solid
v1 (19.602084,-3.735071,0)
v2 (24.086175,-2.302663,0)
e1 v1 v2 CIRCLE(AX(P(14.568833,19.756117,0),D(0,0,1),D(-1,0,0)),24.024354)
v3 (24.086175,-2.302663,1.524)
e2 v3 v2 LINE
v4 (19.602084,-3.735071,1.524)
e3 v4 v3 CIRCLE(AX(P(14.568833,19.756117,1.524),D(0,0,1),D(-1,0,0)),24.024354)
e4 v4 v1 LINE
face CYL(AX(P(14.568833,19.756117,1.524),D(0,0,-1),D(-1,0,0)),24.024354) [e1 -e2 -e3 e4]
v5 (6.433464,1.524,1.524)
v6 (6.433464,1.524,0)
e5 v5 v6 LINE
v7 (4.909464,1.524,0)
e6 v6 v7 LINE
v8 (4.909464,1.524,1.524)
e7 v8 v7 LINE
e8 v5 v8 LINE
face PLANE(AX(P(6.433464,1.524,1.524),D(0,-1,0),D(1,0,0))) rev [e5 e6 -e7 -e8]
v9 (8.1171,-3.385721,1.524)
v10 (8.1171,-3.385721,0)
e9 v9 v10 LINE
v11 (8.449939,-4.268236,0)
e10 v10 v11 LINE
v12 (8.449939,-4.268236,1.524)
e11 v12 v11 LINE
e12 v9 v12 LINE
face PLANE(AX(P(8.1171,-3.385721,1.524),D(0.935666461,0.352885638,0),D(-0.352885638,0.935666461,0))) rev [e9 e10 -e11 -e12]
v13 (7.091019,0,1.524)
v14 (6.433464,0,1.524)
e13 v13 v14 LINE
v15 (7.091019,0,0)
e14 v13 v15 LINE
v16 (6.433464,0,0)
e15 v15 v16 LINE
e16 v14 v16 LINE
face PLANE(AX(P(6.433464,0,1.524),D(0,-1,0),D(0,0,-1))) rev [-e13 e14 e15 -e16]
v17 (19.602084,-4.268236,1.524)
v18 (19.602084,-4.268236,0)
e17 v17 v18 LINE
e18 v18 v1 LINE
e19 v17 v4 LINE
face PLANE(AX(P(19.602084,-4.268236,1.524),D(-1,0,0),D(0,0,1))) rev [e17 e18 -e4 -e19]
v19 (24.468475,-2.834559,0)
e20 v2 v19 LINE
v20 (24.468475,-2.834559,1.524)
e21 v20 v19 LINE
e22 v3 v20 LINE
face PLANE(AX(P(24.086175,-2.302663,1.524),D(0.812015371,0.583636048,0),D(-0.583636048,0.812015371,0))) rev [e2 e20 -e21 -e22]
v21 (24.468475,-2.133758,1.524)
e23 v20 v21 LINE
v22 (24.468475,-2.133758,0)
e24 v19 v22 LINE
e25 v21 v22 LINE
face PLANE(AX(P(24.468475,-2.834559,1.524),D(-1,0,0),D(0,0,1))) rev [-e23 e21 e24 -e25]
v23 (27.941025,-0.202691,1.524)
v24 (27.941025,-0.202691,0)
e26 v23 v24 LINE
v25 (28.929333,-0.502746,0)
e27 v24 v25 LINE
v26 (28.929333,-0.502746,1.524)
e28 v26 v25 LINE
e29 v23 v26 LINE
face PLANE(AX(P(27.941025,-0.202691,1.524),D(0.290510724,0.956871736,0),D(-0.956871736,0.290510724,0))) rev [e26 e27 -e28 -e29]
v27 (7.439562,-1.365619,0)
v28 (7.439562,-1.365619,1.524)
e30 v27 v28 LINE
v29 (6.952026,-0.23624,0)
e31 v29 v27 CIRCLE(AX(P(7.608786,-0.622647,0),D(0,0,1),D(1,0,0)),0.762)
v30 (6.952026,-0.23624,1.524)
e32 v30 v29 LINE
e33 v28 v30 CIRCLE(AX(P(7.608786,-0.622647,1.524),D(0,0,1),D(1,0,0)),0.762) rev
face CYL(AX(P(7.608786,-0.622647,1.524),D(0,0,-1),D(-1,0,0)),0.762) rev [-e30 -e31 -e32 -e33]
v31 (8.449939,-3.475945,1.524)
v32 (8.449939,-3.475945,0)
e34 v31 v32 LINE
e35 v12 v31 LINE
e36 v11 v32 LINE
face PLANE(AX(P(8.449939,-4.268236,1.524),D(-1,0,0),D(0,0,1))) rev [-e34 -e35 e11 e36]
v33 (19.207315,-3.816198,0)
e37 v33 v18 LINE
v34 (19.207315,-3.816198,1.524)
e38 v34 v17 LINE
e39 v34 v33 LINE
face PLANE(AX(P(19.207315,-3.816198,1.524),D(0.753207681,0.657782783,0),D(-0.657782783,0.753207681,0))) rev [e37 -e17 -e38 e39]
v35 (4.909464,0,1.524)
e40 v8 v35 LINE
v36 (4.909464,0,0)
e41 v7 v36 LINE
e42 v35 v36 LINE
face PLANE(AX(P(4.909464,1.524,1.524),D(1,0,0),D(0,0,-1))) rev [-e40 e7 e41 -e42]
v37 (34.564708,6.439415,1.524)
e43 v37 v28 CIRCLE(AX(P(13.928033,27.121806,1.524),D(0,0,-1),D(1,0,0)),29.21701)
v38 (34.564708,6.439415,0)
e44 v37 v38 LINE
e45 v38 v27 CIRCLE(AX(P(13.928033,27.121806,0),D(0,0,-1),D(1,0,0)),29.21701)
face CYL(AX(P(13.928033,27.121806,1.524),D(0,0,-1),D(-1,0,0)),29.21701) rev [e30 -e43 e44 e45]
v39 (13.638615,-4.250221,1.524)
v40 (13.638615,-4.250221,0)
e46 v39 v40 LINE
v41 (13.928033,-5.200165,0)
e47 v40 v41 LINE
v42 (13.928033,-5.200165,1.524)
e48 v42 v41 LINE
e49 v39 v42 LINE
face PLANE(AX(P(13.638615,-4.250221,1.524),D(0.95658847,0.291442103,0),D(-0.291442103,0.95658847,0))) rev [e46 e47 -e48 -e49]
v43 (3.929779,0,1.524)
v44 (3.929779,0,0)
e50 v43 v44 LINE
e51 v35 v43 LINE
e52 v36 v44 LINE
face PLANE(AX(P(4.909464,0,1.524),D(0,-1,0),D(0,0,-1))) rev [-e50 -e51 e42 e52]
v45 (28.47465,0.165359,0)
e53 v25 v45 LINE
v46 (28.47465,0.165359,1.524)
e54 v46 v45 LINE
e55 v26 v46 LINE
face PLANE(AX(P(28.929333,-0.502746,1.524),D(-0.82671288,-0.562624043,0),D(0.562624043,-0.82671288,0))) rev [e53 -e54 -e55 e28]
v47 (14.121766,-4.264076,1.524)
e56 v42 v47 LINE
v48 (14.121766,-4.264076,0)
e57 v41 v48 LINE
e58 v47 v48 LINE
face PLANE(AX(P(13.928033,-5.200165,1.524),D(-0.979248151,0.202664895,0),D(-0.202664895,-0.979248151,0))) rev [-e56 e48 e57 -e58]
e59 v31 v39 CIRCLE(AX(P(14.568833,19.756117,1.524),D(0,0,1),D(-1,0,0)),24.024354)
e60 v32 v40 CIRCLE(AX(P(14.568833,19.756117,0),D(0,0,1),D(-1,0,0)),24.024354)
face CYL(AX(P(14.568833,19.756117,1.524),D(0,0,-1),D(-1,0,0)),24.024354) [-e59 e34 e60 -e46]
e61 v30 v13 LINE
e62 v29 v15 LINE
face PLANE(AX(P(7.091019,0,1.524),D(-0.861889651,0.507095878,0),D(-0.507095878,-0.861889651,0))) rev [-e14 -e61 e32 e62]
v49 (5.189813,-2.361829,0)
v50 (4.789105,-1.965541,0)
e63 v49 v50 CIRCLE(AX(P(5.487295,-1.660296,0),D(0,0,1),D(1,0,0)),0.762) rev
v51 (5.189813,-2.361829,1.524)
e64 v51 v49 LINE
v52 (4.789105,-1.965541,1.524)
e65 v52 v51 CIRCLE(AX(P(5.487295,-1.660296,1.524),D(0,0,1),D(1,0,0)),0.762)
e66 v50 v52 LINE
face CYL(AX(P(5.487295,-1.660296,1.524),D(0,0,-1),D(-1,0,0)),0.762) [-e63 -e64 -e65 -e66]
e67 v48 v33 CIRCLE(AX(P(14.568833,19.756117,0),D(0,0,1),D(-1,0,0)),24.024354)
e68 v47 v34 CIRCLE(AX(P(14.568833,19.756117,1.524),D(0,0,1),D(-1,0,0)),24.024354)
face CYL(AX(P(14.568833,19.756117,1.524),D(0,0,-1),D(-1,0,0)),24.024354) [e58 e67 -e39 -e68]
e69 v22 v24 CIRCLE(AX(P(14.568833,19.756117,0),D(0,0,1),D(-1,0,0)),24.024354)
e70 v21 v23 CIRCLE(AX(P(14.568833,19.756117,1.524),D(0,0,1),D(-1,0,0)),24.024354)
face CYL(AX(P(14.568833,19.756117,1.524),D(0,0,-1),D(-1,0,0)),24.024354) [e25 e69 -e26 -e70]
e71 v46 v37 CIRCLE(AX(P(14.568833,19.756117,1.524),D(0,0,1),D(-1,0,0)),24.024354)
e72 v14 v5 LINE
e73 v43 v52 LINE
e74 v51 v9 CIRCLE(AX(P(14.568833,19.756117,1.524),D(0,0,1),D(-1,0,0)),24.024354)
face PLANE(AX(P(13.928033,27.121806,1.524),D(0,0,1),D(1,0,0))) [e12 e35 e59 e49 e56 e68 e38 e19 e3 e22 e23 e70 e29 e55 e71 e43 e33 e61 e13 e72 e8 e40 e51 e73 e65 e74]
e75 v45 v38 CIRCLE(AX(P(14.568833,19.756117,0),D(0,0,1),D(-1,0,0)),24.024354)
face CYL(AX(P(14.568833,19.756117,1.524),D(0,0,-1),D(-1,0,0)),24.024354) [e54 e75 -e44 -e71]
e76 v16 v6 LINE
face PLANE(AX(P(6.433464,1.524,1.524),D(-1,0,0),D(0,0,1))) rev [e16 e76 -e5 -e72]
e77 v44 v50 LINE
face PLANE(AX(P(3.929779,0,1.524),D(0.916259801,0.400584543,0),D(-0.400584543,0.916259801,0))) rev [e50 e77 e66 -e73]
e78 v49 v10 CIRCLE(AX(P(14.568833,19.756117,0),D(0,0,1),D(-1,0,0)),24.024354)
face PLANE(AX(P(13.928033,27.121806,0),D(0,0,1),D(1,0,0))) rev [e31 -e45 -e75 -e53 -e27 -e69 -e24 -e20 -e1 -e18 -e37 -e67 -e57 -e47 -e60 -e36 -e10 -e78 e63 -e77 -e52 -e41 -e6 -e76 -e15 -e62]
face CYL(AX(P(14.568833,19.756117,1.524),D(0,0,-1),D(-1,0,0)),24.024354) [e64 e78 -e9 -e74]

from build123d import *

# Parameters (mm, degrees)
BOSS_EXTRUDE1_DEPTH = 1.524
FILLET1_R           = 0.762
FILLET2_R           = 0.762


with BuildPart() as part:
    # Sketch1 → Boss-Extrude1 (new body)
    with BuildSketch(Plane.XY):
        with BuildLine():
            Line((6.433464338, 1.524), (4.909464338, 1.524))
            Line((4.909464338, 1.524), (4.909464338, 0))
            Line((4.909464338, 0), (3.929779176, 0))
            Line((3.929779176, 0), (4.909464338, -2.240840662))
            ThreePointArc((4.909464338, -2.240840662), (6.492968468, -2.870194257), (8.117099911, -3.385721496))
            Line((8.117099911, -3.385721496), (8.449939435, -4.268236242))
            Line((8.449939435, -4.268236242), (8.449939435, -3.47594469))
            ThreePointArc((8.449939435, -3.47594469), (11.023079362, -4.00513675), (13.638615108, -4.250220566))
            Line((13.638615108, -4.250220566), (13.928033002, -5.200165059))
            Line((13.928033002, -5.200165059), (14.121765671, -4.264076161))
            ThreePointArc((14.121765671, -4.264076161), (16.676471214, -4.175606926), (19.207315416, -3.816197909))
            Line((19.207315416, -3.816197909), (19.602084403, -4.268236242))
            Line((19.602084403, -4.268236242), (19.602084403, -3.735071341))
            ThreePointArc((19.602084403, -3.735071341), (21.879297331, -3.128958074), (24.086174716, -2.302662594))
            Line((24.086174716, -2.302662594), (24.468474935, -2.834558551))
            Line((24.468474935, -2.834558551), (24.468474935, -2.133758289))
            ThreePointArc((24.468474935, -2.133758289), (26.244740547, -1.240138243), (27.941024881, -0.202691489))
            Line((27.941024881, -0.202691489), (28.929332922, -0.502746421))
            Line((28.929332922, -0.502746421), (28.474650124, 0.165358914))
            ThreePointArc((28.474650124, 0.165358914), (31.807513974, 3.022993189), (34.564707679, 6.439414997))
            ThreePointArc((34.564707679, 6.439414997), (21.508001683, -1.0948152), (6.433464338, -1.117618174))
            Line((6.433464338, -1.117618174), (7.091019013, 0))
            Line((7.091019013, 0), (6.433464338, 0))
            Line((6.433464338, 0), (6.433464338, 1.524))
        make_face()
    extrude(amount=BOSS_EXTRUDE1_DEPTH)

    # Fillet1
    fillet1_edges = [part.edges().sort_by_distance(p)[0] for p in [
        (6.433464338, -1.117618174, 0.762),
    ]]
    fillet(fillet1_edges, radius=FILLET1_R)

    # Fillet2
    fillet2_edges = [part.edges().sort_by_distance(p)[0] for p in [
        (4.909464338, -2.240840662, 0.762),
    ]]
    fillet(fillet2_edges, radius=FILLET2_R)


solid = part.part
